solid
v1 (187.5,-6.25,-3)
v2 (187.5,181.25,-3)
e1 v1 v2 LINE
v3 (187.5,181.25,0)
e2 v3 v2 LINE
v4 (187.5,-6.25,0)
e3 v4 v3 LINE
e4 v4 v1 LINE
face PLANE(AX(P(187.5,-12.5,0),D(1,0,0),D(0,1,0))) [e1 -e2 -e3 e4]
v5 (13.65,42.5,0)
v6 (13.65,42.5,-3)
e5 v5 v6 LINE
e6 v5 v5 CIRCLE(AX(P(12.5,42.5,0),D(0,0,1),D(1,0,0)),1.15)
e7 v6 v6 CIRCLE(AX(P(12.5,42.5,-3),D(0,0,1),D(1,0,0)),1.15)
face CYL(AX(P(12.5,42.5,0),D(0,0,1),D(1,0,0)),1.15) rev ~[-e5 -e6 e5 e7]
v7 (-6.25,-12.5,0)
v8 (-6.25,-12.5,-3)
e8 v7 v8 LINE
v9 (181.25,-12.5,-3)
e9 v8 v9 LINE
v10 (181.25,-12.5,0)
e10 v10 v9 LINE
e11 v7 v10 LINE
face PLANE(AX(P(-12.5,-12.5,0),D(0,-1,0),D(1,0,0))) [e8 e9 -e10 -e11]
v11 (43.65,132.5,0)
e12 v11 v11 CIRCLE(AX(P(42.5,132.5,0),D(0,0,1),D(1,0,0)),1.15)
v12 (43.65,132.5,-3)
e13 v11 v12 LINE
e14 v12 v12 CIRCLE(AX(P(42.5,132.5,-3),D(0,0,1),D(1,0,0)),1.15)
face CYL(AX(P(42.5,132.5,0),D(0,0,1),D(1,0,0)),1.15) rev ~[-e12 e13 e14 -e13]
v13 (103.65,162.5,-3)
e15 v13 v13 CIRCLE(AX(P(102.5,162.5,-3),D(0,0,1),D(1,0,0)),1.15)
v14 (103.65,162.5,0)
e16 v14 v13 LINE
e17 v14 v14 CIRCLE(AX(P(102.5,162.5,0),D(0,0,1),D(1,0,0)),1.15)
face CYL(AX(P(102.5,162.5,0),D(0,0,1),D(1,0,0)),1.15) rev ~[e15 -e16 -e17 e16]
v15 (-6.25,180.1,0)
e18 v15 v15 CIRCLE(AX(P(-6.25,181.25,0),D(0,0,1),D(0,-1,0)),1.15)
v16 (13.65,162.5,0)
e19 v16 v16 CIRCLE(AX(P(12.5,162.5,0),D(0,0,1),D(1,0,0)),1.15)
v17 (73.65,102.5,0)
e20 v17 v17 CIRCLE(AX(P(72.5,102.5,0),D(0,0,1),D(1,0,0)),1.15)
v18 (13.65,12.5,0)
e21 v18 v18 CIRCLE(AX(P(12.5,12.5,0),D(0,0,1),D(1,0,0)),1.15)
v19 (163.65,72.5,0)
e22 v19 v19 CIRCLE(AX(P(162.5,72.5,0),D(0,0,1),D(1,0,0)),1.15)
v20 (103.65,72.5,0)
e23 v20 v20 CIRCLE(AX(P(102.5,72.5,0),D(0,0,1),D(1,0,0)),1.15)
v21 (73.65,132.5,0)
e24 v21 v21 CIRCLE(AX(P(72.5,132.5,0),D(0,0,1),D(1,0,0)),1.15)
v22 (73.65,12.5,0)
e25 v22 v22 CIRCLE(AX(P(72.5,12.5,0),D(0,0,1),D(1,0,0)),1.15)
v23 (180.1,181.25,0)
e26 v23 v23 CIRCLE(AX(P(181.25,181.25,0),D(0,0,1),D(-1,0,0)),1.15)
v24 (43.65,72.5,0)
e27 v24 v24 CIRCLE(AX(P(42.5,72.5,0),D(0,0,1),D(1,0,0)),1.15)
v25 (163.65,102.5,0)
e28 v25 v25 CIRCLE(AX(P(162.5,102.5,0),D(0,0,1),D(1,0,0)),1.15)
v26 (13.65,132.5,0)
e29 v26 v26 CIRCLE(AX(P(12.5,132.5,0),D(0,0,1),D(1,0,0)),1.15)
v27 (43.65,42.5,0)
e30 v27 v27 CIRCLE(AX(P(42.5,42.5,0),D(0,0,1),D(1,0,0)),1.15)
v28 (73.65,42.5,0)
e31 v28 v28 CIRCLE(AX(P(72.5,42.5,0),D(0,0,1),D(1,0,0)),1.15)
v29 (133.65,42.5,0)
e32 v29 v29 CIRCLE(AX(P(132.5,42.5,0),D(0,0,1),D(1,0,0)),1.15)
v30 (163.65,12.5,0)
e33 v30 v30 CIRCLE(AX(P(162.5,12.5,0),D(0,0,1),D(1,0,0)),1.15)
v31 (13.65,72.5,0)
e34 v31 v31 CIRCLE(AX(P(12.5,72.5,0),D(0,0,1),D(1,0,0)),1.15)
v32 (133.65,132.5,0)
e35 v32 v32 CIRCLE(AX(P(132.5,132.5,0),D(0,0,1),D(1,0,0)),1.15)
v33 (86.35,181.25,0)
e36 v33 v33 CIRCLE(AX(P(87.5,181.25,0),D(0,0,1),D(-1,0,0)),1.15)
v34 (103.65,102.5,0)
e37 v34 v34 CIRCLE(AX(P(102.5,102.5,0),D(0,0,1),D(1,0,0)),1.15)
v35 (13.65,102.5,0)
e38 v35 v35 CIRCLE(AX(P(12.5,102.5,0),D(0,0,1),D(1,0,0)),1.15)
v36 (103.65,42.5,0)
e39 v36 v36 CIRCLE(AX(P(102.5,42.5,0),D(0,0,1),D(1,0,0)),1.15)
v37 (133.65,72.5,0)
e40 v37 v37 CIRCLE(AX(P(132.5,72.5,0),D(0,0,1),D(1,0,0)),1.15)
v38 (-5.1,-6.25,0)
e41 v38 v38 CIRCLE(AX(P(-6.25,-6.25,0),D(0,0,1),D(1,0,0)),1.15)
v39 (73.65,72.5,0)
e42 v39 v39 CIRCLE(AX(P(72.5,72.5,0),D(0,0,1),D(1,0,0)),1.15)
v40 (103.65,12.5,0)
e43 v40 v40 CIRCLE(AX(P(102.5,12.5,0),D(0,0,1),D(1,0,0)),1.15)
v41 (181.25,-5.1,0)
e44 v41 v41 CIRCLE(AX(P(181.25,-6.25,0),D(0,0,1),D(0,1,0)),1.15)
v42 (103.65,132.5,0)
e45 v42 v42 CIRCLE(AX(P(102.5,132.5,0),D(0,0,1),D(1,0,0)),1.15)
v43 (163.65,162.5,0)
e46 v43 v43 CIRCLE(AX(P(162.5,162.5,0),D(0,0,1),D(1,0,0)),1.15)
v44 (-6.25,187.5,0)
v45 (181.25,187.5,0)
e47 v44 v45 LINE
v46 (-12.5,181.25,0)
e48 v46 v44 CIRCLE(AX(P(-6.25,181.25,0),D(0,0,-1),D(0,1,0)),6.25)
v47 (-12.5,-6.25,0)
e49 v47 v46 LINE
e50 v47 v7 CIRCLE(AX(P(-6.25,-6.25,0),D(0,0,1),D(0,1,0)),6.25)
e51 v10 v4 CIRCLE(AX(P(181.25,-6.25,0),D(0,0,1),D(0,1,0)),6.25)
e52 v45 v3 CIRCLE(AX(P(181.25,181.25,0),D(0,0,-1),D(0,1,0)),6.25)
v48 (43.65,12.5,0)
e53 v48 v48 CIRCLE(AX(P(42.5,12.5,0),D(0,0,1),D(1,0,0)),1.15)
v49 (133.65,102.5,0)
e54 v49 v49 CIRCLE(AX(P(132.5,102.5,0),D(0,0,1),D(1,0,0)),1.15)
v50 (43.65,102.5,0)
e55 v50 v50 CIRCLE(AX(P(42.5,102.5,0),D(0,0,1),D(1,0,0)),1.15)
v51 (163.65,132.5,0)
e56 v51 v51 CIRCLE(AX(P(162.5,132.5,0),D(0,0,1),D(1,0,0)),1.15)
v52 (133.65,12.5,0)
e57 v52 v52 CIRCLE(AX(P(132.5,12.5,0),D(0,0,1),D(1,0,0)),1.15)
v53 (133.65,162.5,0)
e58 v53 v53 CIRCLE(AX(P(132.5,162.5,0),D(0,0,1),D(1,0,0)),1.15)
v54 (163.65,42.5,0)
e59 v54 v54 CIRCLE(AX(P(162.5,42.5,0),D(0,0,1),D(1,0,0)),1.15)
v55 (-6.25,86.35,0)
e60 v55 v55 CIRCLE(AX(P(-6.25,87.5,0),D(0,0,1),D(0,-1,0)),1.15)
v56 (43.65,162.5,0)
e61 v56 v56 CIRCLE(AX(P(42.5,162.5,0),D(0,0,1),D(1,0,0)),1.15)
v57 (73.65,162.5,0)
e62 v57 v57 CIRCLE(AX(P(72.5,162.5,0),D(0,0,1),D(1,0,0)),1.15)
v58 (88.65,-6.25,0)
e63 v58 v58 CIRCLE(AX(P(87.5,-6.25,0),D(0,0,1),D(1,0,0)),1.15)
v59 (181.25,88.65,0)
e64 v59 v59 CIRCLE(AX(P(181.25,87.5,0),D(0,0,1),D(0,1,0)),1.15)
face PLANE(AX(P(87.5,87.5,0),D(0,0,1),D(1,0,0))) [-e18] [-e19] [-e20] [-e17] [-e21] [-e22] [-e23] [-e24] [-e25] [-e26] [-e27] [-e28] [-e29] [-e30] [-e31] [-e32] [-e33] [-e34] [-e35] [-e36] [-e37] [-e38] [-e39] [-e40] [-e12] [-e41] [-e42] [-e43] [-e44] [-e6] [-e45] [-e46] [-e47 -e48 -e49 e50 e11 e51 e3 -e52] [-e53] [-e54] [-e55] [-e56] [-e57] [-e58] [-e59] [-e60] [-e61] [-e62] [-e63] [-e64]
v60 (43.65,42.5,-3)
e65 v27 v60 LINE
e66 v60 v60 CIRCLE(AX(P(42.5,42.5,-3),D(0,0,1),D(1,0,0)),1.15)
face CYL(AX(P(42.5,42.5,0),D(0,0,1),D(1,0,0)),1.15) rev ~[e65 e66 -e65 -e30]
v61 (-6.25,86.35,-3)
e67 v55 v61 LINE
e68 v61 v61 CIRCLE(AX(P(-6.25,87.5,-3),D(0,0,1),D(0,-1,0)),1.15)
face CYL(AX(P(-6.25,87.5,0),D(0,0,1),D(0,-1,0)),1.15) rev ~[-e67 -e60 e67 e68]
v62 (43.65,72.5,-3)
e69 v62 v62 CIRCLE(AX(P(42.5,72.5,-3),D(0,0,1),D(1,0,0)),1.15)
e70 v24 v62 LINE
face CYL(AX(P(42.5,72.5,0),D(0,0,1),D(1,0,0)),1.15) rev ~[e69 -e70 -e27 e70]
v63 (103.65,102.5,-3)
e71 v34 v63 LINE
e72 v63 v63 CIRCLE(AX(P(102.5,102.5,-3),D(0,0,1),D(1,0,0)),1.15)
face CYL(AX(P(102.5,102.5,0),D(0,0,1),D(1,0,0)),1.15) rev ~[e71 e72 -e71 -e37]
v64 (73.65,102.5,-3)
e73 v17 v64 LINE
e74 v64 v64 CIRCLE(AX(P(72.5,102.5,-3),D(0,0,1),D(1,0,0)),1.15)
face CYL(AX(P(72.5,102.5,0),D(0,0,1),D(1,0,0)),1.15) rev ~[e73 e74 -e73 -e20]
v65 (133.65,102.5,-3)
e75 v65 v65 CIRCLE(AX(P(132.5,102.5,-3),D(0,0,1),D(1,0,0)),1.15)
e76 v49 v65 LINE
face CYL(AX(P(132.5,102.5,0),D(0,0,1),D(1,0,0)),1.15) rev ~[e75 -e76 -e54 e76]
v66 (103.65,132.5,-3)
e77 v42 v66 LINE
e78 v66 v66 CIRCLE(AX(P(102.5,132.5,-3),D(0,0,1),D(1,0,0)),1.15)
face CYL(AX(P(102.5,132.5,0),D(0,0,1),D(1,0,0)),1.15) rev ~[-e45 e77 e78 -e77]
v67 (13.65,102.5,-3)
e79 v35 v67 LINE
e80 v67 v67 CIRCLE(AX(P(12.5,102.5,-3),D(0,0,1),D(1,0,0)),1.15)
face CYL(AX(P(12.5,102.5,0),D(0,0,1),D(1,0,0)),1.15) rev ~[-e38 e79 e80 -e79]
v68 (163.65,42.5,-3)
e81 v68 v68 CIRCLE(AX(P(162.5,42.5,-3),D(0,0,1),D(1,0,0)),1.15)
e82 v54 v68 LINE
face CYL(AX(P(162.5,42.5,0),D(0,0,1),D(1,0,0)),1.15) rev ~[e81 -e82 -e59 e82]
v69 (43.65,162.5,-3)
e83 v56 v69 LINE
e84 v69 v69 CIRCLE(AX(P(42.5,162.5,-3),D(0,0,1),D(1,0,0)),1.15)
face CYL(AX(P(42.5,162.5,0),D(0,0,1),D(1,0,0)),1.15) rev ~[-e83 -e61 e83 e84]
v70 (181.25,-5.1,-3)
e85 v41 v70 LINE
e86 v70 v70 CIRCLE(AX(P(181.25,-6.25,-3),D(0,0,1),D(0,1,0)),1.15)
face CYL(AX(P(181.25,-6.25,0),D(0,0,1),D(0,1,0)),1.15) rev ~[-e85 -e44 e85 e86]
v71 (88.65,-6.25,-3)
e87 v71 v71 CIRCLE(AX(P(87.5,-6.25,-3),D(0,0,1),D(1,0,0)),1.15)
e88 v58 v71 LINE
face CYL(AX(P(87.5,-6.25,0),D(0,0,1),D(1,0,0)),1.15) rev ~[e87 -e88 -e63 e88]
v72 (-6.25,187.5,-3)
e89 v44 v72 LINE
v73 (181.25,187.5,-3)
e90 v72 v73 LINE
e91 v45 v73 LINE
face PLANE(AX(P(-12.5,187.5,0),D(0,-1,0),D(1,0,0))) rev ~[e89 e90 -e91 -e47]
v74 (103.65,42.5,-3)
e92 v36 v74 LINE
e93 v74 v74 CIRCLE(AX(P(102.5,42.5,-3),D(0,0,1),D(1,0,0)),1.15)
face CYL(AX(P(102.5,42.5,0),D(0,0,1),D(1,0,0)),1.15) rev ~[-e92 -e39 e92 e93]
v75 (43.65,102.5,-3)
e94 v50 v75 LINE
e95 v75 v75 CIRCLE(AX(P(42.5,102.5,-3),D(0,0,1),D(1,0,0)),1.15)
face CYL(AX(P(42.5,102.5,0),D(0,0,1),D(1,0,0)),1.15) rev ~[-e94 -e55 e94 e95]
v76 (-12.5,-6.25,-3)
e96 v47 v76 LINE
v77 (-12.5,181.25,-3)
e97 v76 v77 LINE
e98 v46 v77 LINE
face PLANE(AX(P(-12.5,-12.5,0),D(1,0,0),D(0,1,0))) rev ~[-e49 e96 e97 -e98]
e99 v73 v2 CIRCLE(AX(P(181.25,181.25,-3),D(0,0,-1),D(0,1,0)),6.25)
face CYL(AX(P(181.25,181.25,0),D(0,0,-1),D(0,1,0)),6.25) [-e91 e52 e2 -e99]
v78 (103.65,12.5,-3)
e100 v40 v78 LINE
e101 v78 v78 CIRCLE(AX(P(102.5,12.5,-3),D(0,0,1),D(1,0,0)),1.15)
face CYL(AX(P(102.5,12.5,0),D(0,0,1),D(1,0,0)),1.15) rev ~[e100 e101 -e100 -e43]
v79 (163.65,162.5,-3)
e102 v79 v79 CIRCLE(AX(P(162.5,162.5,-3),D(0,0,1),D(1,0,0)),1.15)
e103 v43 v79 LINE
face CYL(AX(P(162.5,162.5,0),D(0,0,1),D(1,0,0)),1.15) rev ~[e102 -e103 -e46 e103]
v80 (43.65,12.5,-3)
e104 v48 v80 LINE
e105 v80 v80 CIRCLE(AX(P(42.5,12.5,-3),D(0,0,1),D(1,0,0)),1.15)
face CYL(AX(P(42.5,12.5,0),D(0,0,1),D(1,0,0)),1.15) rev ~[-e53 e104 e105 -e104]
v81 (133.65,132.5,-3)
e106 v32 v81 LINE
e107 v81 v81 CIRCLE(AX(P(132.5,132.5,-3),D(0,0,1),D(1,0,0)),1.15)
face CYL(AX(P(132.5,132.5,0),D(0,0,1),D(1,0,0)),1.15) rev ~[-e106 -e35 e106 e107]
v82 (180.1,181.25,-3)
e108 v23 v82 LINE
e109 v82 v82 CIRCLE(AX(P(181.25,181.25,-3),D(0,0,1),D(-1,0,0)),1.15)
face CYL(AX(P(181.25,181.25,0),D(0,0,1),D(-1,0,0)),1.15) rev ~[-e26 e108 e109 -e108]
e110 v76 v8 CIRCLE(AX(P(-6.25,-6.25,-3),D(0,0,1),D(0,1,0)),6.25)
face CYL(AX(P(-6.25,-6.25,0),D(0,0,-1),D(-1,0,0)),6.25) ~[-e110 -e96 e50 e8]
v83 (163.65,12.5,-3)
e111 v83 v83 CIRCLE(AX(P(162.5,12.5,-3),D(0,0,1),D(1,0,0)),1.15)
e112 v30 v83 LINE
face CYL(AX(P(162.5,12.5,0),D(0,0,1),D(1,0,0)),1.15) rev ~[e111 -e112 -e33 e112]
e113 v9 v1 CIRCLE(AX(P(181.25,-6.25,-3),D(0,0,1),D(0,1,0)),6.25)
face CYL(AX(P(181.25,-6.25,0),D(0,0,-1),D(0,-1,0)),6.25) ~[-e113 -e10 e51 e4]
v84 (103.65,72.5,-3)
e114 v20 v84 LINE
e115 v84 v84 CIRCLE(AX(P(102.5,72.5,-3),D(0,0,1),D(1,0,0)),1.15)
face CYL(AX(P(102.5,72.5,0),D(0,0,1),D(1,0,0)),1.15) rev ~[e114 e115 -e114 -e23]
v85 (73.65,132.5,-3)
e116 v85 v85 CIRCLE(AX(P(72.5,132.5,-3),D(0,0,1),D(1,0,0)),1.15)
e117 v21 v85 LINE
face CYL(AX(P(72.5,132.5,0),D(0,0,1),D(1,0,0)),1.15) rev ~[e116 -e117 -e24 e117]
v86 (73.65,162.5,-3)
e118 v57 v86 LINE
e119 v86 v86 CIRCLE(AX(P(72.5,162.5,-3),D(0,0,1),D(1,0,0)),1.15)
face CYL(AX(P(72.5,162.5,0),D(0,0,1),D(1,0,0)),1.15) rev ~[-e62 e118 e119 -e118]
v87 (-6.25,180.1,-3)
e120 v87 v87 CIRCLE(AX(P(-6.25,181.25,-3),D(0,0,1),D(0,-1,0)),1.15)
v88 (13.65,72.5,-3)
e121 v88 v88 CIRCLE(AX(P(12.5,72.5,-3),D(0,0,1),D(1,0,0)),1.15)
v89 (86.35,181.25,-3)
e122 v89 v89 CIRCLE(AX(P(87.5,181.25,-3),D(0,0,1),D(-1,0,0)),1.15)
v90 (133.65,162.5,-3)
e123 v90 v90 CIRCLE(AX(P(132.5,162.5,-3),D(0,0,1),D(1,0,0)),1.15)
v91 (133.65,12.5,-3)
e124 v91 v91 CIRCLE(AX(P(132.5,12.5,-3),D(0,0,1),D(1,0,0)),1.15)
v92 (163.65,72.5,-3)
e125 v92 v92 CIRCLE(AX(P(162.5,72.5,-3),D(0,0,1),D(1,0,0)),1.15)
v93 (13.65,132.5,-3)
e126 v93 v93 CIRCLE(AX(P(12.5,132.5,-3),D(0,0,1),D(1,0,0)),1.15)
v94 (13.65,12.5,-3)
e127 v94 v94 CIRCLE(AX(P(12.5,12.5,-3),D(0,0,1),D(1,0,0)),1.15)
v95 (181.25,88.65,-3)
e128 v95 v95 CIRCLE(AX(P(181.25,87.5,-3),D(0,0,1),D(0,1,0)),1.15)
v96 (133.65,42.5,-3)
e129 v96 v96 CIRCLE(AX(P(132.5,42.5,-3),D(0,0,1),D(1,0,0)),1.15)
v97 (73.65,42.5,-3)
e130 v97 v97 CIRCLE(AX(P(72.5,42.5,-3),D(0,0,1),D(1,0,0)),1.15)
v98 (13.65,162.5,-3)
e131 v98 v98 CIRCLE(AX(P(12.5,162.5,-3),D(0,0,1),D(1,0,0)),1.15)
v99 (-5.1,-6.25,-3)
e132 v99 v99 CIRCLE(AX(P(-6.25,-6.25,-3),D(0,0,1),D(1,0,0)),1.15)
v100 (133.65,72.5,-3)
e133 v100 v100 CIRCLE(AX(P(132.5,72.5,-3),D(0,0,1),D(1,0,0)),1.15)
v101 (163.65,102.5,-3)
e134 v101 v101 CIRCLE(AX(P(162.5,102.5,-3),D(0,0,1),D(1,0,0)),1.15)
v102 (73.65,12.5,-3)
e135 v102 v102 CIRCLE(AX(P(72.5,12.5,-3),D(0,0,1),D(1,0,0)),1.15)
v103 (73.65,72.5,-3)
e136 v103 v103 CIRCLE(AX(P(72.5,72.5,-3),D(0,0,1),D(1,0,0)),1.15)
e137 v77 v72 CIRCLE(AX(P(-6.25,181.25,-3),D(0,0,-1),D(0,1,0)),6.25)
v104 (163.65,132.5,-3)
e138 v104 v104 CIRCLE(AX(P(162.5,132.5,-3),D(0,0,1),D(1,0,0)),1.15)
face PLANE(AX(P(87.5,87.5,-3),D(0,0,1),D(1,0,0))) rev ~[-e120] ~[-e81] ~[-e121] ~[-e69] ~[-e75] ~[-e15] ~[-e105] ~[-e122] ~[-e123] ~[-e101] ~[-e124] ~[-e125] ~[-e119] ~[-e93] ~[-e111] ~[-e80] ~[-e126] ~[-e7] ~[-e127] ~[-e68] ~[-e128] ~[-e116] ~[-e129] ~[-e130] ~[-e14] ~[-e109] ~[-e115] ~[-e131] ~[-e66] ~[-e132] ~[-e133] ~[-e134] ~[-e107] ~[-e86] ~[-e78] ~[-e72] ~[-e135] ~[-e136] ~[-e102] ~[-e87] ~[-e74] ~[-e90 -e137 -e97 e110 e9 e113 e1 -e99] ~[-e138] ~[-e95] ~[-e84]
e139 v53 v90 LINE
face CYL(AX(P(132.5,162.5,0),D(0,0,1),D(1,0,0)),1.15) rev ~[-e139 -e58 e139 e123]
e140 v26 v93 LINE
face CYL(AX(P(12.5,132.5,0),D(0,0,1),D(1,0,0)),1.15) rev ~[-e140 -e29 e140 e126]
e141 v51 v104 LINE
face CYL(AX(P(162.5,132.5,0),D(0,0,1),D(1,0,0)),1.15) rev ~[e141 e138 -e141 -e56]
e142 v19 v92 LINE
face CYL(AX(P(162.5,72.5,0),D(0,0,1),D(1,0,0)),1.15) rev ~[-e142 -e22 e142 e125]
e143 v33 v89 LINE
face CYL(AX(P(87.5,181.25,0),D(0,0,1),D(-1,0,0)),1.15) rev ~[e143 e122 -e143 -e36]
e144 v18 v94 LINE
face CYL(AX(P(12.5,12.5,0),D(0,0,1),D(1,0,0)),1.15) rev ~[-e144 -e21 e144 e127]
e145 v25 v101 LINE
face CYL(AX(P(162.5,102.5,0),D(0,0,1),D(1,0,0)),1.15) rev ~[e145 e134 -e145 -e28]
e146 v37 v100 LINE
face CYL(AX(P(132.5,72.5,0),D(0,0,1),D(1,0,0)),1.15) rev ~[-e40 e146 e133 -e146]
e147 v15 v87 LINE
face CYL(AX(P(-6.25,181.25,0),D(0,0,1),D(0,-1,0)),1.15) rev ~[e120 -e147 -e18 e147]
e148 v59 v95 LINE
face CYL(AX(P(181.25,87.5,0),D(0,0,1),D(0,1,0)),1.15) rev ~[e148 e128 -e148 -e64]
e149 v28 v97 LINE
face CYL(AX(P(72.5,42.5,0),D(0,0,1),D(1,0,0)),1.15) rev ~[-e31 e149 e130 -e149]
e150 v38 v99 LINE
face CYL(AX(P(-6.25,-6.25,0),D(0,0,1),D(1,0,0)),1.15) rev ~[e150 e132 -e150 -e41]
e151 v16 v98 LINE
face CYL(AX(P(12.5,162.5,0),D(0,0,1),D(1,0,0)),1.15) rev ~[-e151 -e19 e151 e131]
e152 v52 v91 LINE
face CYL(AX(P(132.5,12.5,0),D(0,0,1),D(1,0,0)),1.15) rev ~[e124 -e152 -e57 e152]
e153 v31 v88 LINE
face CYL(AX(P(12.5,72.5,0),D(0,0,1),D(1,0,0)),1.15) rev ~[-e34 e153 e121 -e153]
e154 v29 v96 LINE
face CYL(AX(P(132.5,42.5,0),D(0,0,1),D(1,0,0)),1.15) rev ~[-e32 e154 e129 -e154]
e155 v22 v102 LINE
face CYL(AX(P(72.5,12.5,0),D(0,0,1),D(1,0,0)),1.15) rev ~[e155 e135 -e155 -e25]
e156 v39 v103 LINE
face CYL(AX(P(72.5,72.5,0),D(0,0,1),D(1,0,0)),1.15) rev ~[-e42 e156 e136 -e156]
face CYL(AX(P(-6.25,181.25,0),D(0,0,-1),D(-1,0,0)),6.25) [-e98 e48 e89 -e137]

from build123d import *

# Parameters (mm, degrees)
SKETCH_W                           = 200
SKETCH_H                           = 200
PAD_DEPTH                          = 3
SKETCH002_R                        = 1.15
POCKET001_DEPTH                    = 568.718244
SKETCH002_LINEARPATTERN002_2_R     = 1.15
POCKET001_LINEARPATTERN002_2_DEPTH = 568.718244
SKETCH002_LINEARPATTERN002_3_R     = 1.15
POCKET001_LINEARPATTERN002_3_DEPTH = 568.718244
LINEARPATTERN003_COUNT             = 3
LINEARPATTERN003_PITCH             = 60
SKETCH003_R                        = 1.15
POCKET002_DEPTH                    = 568.718244
SKETCH003_LINEARPATTERN004_2_R     = 1.15
POCKET002_LINEARPATTERN004_2_DEPTH = 568.718244
POLARPATTERN_COUNT                 = 4
FILLET_R                           = 6.25


with BuildPart() as part:
    # Sketch → Pad (new body)
    with BuildSketch(Plane.XY):
        with Locations((87.5, 87.5)):
            Rectangle(SKETCH_W, SKETCH_H)
    extrude(amount=-PAD_DEPTH)

    # Sketch002 → Pocket001 (cut, through all)
    with BuildSketch(Plane.XY):
        with Locations((12.5, 12.5)):
            Circle(SKETCH002_R)
        with Locations((12.5, 42.5)):
            Circle(SKETCH002_R)
        with Locations((42.5, 42.5)):
            Circle(SKETCH002_R)
        with Locations((42.5, 12.5)):
            Circle(SKETCH002_R)
    pocket001 = extrude(amount=-POCKET001_DEPTH, mode=Mode.SUBTRACT)

    # Sketch002 LinearPattern002 2 → Pocket001 LinearPattern002 2 (cut, through all)
    with BuildSketch(Plane(origin=(60, 0, 0), x_dir=(1, 0, 0), z_dir=(0, 0, 1))):
        with Locations((12.5, 12.5)):
            Circle(SKETCH002_LINEARPATTERN002_2_R)
        with Locations((12.5, 42.5)):
            Circle(SKETCH002_LINEARPATTERN002_2_R)
        with Locations((42.5, 42.5)):
            Circle(SKETCH002_LINEARPATTERN002_2_R)
        with Locations((42.5, 12.5)):
            Circle(SKETCH002_LINEARPATTERN002_2_R)
    pocket001_linearpattern002_2 = extrude(amount=-POCKET001_LINEARPATTERN002_2_DEPTH, mode=Mode.SUBTRACT)

    # Sketch002 LinearPattern002 3 → Pocket001 LinearPattern002 3 (cut, through all)
    with BuildSketch(Plane(origin=(120, 0, 0), x_dir=(1, 0, 0), z_dir=(0, 0, 1))):
        with Locations((12.5, 12.5)):
            Circle(SKETCH002_LINEARPATTERN002_3_R)
        with Locations((12.5, 42.5)):
            Circle(SKETCH002_LINEARPATTERN002_3_R)
        with Locations((42.5, 42.5)):
            Circle(SKETCH002_LINEARPATTERN002_3_R)
        with Locations((42.5, 12.5)):
            Circle(SKETCH002_LINEARPATTERN002_3_R)
    pocket001_linearpattern002_3 = extrude(amount=-POCKET001_LINEARPATTERN002_3_DEPTH, mode=Mode.SUBTRACT)

    # LinearPattern003: Pocket001, Pocket001 LinearPattern002 2, Pocket001 LinearPattern002 3 ×3
    with Locations(*[(0, i * LINEARPATTERN003_PITCH, 0) for i in range(1, LINEARPATTERN003_COUNT)]):
        add(pocket001, mode=Mode.SUBTRACT)
        add(pocket001_linearpattern002_2, mode=Mode.SUBTRACT)
        add(pocket001_linearpattern002_3, mode=Mode.SUBTRACT)

    # Sketch003 → Pocket002 (cut, through all)
    with BuildSketch(Plane(origin=(87.5, 87.5, 0), x_dir=(1, 0, 0), z_dir=(0, 0, 1))):
        with Locations((-93.75, -93.75)):
            Circle(SKETCH003_R)
    pocket002 = extrude(amount=-POCKET002_DEPTH, mode=Mode.SUBTRACT)

    # Sketch003 LinearPattern004 2 → Pocket002 LinearPattern004 2 (cut, through all)
    with BuildSketch(Plane(origin=(181.25, 87.5, 0), x_dir=(1, 0, 0), z_dir=(0, 0, 1))):
        with Locations((-93.75, -93.75)):
            Circle(SKETCH003_LINEARPATTERN004_2_R)
    pocket002_linearpattern004_2 = extrude(amount=-POCKET002_LINEARPATTERN004_2_DEPTH, mode=Mode.SUBTRACT)

    # PolarPattern: Pocket002, Pocket002 LinearPattern004 2 ×4 about axis
    polarpattern_axis = Axis((87.5, 87.5, 0), (0, 0, 1))
    for i in range(1, POLARPATTERN_COUNT):
        add(pocket002.rotate(polarpattern_axis, i * 360 / POLARPATTERN_COUNT), mode=Mode.SUBTRACT)
        add(pocket002_linearpattern004_2.rotate(polarpattern_axis, i * 360 / POLARPATTERN_COUNT), mode=Mode.SUBTRACT)

    # Fillet
    fillet_edges = [part.edges().sort_by_distance(p)[0] for p in [
        (-12.5, 187.5, -1.5),
        (-12.5, -12.5, -1.5),
        (187.5, -12.5, -1.5),
        (187.5, 187.5, -1.5),
    ]]
    fillet(fillet_edges, radius=FILLET_R)


solid = part.part
